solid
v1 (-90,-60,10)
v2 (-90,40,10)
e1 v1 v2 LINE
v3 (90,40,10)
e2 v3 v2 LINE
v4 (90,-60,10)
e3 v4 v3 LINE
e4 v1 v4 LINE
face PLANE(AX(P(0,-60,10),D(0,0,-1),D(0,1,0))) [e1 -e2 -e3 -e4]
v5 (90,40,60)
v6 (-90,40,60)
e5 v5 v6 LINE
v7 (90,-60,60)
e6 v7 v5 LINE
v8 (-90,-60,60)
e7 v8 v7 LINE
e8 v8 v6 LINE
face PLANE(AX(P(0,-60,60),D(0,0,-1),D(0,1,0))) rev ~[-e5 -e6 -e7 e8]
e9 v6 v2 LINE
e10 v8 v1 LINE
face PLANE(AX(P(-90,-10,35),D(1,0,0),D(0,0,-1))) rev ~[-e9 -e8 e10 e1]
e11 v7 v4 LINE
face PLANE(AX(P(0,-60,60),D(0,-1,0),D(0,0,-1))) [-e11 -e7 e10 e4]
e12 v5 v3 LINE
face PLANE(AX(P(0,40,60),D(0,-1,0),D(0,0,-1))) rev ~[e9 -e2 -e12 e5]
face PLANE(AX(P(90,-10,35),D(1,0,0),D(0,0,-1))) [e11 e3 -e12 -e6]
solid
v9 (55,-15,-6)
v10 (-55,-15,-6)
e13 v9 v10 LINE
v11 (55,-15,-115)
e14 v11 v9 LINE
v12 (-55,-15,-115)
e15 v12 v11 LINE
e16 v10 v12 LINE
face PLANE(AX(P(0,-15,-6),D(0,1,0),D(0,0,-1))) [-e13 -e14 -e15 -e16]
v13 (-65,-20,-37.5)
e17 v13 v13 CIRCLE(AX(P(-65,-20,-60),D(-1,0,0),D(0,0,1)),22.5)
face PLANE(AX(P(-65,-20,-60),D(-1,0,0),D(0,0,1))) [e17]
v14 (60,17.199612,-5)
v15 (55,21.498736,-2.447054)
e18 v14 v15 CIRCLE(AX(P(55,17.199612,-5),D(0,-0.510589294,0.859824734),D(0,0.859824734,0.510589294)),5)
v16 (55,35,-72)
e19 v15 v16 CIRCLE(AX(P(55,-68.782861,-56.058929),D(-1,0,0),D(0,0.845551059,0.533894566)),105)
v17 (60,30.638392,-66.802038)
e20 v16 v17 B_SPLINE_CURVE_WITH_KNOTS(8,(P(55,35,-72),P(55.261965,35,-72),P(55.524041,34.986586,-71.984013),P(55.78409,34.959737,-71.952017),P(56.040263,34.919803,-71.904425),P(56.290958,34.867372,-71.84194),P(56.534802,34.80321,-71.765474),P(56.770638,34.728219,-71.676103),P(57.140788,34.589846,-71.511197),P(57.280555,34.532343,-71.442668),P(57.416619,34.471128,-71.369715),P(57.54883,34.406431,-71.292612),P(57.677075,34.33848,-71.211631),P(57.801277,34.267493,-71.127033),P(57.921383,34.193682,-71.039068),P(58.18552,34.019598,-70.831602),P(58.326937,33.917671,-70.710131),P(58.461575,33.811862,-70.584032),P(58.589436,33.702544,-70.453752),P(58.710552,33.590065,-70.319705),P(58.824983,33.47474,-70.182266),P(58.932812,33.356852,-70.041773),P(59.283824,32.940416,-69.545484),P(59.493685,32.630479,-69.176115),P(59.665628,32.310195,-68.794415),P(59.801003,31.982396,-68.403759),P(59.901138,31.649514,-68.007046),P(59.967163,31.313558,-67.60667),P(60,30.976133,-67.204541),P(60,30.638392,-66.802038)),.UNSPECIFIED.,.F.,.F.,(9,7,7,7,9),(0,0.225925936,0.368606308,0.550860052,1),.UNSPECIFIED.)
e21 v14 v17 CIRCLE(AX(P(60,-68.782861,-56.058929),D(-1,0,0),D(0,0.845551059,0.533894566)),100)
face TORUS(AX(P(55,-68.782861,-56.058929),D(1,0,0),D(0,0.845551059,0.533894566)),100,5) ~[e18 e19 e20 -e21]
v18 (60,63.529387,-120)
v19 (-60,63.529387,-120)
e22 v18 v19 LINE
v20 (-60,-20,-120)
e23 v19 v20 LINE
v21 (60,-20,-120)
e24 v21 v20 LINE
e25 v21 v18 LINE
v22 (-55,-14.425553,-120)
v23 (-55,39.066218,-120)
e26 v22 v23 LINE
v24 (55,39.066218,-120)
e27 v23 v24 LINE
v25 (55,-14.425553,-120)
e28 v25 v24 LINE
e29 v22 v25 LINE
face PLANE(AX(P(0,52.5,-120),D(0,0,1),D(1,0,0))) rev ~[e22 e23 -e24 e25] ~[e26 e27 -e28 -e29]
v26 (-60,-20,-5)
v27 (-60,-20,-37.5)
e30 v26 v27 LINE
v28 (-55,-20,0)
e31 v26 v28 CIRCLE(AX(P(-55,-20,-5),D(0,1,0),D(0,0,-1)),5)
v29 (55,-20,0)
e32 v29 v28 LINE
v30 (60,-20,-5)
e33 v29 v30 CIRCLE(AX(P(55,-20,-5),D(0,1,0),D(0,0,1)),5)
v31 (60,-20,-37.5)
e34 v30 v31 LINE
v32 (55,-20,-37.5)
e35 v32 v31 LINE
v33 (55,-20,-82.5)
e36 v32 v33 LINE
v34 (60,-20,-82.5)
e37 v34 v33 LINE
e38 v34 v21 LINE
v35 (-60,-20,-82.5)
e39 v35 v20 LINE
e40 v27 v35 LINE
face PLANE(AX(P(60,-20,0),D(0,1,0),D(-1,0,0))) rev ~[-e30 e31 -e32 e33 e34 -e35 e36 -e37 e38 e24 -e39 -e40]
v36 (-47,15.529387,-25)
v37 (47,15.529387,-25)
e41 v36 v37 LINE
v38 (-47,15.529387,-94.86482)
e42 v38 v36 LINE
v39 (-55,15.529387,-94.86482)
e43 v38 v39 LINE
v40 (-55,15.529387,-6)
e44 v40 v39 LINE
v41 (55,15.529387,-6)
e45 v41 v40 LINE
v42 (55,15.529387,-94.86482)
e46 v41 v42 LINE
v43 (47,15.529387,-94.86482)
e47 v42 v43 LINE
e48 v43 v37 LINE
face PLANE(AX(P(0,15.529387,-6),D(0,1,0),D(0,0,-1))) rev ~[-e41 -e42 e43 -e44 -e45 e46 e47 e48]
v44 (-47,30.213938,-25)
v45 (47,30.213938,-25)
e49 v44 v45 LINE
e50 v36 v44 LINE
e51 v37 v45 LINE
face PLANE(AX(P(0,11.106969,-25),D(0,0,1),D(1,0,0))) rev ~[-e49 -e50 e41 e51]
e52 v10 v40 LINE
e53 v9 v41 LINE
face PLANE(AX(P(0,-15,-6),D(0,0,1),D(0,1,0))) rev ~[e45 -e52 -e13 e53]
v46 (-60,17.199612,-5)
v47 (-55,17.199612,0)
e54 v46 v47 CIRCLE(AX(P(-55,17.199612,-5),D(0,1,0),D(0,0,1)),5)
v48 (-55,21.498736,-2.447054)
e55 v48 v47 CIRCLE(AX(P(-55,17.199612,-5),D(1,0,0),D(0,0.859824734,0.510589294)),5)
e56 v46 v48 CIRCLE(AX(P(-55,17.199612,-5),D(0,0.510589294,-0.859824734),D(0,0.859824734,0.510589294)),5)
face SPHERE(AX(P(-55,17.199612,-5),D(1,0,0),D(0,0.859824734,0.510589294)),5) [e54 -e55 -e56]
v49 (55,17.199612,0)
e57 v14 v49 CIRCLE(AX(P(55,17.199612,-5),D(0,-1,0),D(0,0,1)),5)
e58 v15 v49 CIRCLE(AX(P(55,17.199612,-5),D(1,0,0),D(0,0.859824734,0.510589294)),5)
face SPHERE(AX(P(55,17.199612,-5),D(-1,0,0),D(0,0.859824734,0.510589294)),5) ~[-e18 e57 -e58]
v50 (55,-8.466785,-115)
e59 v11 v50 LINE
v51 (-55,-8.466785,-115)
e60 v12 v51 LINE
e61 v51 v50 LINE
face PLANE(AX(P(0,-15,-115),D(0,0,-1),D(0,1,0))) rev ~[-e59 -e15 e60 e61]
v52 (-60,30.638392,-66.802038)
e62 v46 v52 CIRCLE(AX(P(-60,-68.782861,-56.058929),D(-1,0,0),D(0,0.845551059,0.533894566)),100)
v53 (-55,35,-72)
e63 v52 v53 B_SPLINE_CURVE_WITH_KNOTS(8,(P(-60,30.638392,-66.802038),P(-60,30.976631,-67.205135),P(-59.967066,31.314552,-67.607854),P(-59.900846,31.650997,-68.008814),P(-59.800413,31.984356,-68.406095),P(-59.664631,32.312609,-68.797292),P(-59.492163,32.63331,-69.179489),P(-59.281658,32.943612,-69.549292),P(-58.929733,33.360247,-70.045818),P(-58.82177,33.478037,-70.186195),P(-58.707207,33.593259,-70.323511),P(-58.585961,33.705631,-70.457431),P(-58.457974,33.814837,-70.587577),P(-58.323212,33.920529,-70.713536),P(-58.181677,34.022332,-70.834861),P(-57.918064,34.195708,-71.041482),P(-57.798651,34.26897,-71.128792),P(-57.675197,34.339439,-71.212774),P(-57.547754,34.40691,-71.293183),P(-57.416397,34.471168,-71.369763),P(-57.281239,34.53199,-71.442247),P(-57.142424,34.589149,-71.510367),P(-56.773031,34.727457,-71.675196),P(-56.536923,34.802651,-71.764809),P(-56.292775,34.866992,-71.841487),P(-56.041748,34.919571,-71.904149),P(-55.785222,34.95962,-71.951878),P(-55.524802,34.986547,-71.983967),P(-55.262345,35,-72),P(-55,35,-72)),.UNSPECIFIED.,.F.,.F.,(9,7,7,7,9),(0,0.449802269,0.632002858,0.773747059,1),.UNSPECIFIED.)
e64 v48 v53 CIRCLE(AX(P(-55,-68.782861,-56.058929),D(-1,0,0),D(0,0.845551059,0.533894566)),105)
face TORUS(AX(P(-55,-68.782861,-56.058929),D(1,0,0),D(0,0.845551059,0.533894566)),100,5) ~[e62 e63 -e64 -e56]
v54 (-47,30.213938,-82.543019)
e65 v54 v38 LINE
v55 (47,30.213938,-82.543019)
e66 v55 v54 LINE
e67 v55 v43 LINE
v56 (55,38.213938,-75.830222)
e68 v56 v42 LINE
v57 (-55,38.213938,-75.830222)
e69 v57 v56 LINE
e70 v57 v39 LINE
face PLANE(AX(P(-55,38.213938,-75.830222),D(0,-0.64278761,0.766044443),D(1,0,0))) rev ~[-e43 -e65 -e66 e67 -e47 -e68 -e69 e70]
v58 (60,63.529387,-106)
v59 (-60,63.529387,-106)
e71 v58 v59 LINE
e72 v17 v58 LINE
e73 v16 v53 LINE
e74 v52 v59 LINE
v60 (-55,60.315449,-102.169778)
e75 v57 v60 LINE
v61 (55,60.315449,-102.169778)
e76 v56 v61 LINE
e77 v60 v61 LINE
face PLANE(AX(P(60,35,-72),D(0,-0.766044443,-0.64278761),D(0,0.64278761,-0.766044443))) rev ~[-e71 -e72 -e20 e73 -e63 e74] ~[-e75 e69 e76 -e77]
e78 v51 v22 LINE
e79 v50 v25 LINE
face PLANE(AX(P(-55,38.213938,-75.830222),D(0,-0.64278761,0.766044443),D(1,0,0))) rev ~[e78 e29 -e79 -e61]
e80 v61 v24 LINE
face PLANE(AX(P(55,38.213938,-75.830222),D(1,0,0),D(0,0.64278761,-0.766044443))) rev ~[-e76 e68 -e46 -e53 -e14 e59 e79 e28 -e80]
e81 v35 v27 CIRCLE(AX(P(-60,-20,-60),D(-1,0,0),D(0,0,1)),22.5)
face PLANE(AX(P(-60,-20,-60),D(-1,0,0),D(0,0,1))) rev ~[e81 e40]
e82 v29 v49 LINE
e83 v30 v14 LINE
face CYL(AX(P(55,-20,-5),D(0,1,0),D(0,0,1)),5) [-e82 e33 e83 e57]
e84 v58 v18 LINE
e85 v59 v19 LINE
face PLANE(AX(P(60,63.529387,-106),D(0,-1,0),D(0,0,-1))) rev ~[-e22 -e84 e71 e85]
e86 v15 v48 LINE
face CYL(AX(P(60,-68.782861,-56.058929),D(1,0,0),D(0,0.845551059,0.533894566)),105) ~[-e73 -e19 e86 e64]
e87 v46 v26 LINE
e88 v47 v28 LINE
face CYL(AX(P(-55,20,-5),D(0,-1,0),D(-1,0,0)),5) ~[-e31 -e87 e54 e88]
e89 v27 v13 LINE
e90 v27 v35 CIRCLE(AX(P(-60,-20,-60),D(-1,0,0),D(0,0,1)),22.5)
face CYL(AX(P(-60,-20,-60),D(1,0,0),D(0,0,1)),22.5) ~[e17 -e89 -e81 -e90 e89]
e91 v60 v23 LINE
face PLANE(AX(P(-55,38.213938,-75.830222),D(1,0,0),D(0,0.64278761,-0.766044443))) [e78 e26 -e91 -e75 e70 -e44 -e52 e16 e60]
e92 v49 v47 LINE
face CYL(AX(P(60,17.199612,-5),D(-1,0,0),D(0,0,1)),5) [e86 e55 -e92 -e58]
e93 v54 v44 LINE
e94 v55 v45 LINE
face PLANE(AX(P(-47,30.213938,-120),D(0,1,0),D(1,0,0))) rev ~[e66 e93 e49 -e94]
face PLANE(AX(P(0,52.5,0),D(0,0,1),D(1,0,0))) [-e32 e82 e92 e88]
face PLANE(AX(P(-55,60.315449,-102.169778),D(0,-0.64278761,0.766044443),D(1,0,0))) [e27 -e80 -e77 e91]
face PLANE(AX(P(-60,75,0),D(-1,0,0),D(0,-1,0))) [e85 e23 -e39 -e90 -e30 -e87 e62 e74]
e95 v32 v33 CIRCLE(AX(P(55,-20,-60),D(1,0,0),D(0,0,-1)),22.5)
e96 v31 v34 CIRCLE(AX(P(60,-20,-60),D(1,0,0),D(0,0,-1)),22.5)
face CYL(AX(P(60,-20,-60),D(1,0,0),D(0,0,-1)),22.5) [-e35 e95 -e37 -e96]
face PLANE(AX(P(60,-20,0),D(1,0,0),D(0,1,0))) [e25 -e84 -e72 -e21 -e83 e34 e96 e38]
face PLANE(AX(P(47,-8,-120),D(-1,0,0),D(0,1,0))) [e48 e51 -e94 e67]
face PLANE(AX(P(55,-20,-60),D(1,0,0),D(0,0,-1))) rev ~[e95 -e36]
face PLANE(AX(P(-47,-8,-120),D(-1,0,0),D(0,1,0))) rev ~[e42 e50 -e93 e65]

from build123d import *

# Parameters (mm, degrees)
IZIM1_W                          = 120
IZIM1_H                          = 45
Y_KSEKLIK_EKSTR_ZYON1_DEPTH      = 120
KES_EKSTR_ZYON1_DEPTH            = 120
IZIM3_W                          = 110
IZIM3_H                          = 34.383847837
KES_EKSTR_ZYON2_DEPTH            = 120
IZIM4_W                          = 109
IZIM4_H                          = 30.52938746
KES_EKSTR_ZYON3_DEPTH            = 55
KES_EKSTR_ZYON3_DEPTH_BACK       = 55
IZIM5_W                          = 94
IZIM5_H                          = 38.213938048
KES_EKSTR_ZYON4_DEPTH            = 95
IZIM6_R                          = 22.5
Y_KSEKLIK_EKSTR_ZYON2_DEPTH      = 5
IZIM7_R                          = 22.5
Y_KSEKLIK_EKSTR_ZYON3_DEPTH      = 5
RADYUS1_R                        = 5
IZIM8_W                          = 50
IZIM8_H                          = 100
Y_KSEKLIK_EKSTR_ZYON4_DEPTH      = 90
Y_KSEKLIK_EKSTR_ZYON4_DEPTH_BACK = 90


with BuildPart() as part:
    # Çizim1 → Yükseklik-Ekstrüzyon1 (new body)
    with BuildSketch(Plane.XY):
        with Locations((0, 52.5)):
            Rectangle(IZIM1_W, IZIM1_H)
        Polygon((-60, -20), (-60, 0), (-60, 30), (60, 30), (60, -20), align=None)
    extrude(amount=-Y_KSEKLIK_EKSTR_ZYON1_DEPTH)

    # Çizim2 → Kes-Ekstrüzyon1 (cut)
    with BuildSketch(Plane(origin=(60, 0, 0), x_dir=(0, 0, -1), z_dir=(1, 0, 0))):
        with BuildLine():
            Line((0, 75), (0, 20))
            ThreePointArc((0, 20), (34.643732724, 34.010082923), (72, 35))
            Line((72, 35), (106, 63.52938746))
            Line((106, 63.52938746), (120, 63.52938746))
            Line((120, 63.52938746), (120, 75))
            Line((120, 75), (0, 75))
        make_face()
    extrude(amount=-KES_EKSTR_ZYON1_DEPTH, mode=Mode.SUBTRACT)

    # Çizim3 → Kes-Ekstrüzyon2 (cut)
    with BuildSketch(Plane(origin=(0, -14.914235999, -12.514529926), x_dir=(1, 0, 0), z_dir=(0, 0.766044443, 0.64278761))):
        with Locations((0, 99.844690163)):
            Rectangle(IZIM3_W, IZIM3_H)
    extrude(amount=-KES_EKSTR_ZYON2_DEPTH, mode=Mode.SUBTRACT)

    # Çizim4 → Kes-Ekstrüzyon3 (cut, two sides)
    with BuildSketch(Plane(origin=(0, 0, 0), x_dir=(0, 0, -1), z_dir=(1, 0, 0))) as kes_ekstr_zyon3_sk:
        with Locations((60.5, 0.26469373)):
            Rectangle(IZIM4_W, IZIM4_H)
    extrude(amount=KES_EKSTR_ZYON3_DEPTH, mode=Mode.SUBTRACT)
    extrude(kes_ekstr_zyon3_sk.sketch, amount=-KES_EKSTR_ZYON3_DEPTH_BACK, mode=Mode.SUBTRACT)

    # Çizim5 → Kes-Ekstrüzyon4 (cut)
    with BuildSketch(Plane.XY.offset(-120)):
        with Locations((0, 11.106969024)):
            Rectangle(IZIM5_W, IZIM5_H)
    extrude(amount=KES_EKSTR_ZYON4_DEPTH, mode=Mode.SUBTRACT)

    # Çizim6 → Yükseklik-Ekstrüzyon2 (add)
    with BuildSketch(Plane(origin=(60, 0, 0), x_dir=(0, 0, -1), z_dir=(1, 0, 0))):
        with Locations((60, -20)):
            Circle(IZIM6_R)
    extrude(amount=-Y_KSEKLIK_EKSTR_ZYON2_DEPTH)

    # Çizim7 → Yükseklik-Ekstrüzyon3 (add)
    with BuildSketch(Plane.ZY.offset(60)):
        with Locations((-60, -20)):
            Circle(IZIM7_R)
    extrude(amount=Y_KSEKLIK_EKSTR_ZYON3_DEPTH)

    # Radyus1
    radyus1_edges = [part.edges().sort_by_distance(p)[0] for p in [
        (60, 0, 0),
        (0, 20, 0),
        (-60, 34.010082923, -34.643732724),
        (60, 34.010082923, -34.643732724),
        (-60, 0, 0),
    ]]
    fillet(radyus1_edges, radius=RADYUS1_R)


with BuildPart() as body_2:
    # Çizim8 → Yükseklik-Ekstrüzyon4 (new body, two sides)
    with BuildSketch(Plane(origin=(0, 0, 0), x_dir=(0, 0, -1), z_dir=(1, 0, 0))) as y_kseklik_ekstr_zyon4_sk:
        with Locations((-35, -10)):
            Rectangle(IZIM8_W, IZIM8_H)
    extrude(amount=Y_KSEKLIK_EKSTR_ZYON4_DEPTH)
    extrude(y_kseklik_ekstr_zyon4_sk.sketch, amount=-Y_KSEKLIK_EKSTR_ZYON4_DEPTH_BACK)


solid = Compound([part.part, body_2.part])
